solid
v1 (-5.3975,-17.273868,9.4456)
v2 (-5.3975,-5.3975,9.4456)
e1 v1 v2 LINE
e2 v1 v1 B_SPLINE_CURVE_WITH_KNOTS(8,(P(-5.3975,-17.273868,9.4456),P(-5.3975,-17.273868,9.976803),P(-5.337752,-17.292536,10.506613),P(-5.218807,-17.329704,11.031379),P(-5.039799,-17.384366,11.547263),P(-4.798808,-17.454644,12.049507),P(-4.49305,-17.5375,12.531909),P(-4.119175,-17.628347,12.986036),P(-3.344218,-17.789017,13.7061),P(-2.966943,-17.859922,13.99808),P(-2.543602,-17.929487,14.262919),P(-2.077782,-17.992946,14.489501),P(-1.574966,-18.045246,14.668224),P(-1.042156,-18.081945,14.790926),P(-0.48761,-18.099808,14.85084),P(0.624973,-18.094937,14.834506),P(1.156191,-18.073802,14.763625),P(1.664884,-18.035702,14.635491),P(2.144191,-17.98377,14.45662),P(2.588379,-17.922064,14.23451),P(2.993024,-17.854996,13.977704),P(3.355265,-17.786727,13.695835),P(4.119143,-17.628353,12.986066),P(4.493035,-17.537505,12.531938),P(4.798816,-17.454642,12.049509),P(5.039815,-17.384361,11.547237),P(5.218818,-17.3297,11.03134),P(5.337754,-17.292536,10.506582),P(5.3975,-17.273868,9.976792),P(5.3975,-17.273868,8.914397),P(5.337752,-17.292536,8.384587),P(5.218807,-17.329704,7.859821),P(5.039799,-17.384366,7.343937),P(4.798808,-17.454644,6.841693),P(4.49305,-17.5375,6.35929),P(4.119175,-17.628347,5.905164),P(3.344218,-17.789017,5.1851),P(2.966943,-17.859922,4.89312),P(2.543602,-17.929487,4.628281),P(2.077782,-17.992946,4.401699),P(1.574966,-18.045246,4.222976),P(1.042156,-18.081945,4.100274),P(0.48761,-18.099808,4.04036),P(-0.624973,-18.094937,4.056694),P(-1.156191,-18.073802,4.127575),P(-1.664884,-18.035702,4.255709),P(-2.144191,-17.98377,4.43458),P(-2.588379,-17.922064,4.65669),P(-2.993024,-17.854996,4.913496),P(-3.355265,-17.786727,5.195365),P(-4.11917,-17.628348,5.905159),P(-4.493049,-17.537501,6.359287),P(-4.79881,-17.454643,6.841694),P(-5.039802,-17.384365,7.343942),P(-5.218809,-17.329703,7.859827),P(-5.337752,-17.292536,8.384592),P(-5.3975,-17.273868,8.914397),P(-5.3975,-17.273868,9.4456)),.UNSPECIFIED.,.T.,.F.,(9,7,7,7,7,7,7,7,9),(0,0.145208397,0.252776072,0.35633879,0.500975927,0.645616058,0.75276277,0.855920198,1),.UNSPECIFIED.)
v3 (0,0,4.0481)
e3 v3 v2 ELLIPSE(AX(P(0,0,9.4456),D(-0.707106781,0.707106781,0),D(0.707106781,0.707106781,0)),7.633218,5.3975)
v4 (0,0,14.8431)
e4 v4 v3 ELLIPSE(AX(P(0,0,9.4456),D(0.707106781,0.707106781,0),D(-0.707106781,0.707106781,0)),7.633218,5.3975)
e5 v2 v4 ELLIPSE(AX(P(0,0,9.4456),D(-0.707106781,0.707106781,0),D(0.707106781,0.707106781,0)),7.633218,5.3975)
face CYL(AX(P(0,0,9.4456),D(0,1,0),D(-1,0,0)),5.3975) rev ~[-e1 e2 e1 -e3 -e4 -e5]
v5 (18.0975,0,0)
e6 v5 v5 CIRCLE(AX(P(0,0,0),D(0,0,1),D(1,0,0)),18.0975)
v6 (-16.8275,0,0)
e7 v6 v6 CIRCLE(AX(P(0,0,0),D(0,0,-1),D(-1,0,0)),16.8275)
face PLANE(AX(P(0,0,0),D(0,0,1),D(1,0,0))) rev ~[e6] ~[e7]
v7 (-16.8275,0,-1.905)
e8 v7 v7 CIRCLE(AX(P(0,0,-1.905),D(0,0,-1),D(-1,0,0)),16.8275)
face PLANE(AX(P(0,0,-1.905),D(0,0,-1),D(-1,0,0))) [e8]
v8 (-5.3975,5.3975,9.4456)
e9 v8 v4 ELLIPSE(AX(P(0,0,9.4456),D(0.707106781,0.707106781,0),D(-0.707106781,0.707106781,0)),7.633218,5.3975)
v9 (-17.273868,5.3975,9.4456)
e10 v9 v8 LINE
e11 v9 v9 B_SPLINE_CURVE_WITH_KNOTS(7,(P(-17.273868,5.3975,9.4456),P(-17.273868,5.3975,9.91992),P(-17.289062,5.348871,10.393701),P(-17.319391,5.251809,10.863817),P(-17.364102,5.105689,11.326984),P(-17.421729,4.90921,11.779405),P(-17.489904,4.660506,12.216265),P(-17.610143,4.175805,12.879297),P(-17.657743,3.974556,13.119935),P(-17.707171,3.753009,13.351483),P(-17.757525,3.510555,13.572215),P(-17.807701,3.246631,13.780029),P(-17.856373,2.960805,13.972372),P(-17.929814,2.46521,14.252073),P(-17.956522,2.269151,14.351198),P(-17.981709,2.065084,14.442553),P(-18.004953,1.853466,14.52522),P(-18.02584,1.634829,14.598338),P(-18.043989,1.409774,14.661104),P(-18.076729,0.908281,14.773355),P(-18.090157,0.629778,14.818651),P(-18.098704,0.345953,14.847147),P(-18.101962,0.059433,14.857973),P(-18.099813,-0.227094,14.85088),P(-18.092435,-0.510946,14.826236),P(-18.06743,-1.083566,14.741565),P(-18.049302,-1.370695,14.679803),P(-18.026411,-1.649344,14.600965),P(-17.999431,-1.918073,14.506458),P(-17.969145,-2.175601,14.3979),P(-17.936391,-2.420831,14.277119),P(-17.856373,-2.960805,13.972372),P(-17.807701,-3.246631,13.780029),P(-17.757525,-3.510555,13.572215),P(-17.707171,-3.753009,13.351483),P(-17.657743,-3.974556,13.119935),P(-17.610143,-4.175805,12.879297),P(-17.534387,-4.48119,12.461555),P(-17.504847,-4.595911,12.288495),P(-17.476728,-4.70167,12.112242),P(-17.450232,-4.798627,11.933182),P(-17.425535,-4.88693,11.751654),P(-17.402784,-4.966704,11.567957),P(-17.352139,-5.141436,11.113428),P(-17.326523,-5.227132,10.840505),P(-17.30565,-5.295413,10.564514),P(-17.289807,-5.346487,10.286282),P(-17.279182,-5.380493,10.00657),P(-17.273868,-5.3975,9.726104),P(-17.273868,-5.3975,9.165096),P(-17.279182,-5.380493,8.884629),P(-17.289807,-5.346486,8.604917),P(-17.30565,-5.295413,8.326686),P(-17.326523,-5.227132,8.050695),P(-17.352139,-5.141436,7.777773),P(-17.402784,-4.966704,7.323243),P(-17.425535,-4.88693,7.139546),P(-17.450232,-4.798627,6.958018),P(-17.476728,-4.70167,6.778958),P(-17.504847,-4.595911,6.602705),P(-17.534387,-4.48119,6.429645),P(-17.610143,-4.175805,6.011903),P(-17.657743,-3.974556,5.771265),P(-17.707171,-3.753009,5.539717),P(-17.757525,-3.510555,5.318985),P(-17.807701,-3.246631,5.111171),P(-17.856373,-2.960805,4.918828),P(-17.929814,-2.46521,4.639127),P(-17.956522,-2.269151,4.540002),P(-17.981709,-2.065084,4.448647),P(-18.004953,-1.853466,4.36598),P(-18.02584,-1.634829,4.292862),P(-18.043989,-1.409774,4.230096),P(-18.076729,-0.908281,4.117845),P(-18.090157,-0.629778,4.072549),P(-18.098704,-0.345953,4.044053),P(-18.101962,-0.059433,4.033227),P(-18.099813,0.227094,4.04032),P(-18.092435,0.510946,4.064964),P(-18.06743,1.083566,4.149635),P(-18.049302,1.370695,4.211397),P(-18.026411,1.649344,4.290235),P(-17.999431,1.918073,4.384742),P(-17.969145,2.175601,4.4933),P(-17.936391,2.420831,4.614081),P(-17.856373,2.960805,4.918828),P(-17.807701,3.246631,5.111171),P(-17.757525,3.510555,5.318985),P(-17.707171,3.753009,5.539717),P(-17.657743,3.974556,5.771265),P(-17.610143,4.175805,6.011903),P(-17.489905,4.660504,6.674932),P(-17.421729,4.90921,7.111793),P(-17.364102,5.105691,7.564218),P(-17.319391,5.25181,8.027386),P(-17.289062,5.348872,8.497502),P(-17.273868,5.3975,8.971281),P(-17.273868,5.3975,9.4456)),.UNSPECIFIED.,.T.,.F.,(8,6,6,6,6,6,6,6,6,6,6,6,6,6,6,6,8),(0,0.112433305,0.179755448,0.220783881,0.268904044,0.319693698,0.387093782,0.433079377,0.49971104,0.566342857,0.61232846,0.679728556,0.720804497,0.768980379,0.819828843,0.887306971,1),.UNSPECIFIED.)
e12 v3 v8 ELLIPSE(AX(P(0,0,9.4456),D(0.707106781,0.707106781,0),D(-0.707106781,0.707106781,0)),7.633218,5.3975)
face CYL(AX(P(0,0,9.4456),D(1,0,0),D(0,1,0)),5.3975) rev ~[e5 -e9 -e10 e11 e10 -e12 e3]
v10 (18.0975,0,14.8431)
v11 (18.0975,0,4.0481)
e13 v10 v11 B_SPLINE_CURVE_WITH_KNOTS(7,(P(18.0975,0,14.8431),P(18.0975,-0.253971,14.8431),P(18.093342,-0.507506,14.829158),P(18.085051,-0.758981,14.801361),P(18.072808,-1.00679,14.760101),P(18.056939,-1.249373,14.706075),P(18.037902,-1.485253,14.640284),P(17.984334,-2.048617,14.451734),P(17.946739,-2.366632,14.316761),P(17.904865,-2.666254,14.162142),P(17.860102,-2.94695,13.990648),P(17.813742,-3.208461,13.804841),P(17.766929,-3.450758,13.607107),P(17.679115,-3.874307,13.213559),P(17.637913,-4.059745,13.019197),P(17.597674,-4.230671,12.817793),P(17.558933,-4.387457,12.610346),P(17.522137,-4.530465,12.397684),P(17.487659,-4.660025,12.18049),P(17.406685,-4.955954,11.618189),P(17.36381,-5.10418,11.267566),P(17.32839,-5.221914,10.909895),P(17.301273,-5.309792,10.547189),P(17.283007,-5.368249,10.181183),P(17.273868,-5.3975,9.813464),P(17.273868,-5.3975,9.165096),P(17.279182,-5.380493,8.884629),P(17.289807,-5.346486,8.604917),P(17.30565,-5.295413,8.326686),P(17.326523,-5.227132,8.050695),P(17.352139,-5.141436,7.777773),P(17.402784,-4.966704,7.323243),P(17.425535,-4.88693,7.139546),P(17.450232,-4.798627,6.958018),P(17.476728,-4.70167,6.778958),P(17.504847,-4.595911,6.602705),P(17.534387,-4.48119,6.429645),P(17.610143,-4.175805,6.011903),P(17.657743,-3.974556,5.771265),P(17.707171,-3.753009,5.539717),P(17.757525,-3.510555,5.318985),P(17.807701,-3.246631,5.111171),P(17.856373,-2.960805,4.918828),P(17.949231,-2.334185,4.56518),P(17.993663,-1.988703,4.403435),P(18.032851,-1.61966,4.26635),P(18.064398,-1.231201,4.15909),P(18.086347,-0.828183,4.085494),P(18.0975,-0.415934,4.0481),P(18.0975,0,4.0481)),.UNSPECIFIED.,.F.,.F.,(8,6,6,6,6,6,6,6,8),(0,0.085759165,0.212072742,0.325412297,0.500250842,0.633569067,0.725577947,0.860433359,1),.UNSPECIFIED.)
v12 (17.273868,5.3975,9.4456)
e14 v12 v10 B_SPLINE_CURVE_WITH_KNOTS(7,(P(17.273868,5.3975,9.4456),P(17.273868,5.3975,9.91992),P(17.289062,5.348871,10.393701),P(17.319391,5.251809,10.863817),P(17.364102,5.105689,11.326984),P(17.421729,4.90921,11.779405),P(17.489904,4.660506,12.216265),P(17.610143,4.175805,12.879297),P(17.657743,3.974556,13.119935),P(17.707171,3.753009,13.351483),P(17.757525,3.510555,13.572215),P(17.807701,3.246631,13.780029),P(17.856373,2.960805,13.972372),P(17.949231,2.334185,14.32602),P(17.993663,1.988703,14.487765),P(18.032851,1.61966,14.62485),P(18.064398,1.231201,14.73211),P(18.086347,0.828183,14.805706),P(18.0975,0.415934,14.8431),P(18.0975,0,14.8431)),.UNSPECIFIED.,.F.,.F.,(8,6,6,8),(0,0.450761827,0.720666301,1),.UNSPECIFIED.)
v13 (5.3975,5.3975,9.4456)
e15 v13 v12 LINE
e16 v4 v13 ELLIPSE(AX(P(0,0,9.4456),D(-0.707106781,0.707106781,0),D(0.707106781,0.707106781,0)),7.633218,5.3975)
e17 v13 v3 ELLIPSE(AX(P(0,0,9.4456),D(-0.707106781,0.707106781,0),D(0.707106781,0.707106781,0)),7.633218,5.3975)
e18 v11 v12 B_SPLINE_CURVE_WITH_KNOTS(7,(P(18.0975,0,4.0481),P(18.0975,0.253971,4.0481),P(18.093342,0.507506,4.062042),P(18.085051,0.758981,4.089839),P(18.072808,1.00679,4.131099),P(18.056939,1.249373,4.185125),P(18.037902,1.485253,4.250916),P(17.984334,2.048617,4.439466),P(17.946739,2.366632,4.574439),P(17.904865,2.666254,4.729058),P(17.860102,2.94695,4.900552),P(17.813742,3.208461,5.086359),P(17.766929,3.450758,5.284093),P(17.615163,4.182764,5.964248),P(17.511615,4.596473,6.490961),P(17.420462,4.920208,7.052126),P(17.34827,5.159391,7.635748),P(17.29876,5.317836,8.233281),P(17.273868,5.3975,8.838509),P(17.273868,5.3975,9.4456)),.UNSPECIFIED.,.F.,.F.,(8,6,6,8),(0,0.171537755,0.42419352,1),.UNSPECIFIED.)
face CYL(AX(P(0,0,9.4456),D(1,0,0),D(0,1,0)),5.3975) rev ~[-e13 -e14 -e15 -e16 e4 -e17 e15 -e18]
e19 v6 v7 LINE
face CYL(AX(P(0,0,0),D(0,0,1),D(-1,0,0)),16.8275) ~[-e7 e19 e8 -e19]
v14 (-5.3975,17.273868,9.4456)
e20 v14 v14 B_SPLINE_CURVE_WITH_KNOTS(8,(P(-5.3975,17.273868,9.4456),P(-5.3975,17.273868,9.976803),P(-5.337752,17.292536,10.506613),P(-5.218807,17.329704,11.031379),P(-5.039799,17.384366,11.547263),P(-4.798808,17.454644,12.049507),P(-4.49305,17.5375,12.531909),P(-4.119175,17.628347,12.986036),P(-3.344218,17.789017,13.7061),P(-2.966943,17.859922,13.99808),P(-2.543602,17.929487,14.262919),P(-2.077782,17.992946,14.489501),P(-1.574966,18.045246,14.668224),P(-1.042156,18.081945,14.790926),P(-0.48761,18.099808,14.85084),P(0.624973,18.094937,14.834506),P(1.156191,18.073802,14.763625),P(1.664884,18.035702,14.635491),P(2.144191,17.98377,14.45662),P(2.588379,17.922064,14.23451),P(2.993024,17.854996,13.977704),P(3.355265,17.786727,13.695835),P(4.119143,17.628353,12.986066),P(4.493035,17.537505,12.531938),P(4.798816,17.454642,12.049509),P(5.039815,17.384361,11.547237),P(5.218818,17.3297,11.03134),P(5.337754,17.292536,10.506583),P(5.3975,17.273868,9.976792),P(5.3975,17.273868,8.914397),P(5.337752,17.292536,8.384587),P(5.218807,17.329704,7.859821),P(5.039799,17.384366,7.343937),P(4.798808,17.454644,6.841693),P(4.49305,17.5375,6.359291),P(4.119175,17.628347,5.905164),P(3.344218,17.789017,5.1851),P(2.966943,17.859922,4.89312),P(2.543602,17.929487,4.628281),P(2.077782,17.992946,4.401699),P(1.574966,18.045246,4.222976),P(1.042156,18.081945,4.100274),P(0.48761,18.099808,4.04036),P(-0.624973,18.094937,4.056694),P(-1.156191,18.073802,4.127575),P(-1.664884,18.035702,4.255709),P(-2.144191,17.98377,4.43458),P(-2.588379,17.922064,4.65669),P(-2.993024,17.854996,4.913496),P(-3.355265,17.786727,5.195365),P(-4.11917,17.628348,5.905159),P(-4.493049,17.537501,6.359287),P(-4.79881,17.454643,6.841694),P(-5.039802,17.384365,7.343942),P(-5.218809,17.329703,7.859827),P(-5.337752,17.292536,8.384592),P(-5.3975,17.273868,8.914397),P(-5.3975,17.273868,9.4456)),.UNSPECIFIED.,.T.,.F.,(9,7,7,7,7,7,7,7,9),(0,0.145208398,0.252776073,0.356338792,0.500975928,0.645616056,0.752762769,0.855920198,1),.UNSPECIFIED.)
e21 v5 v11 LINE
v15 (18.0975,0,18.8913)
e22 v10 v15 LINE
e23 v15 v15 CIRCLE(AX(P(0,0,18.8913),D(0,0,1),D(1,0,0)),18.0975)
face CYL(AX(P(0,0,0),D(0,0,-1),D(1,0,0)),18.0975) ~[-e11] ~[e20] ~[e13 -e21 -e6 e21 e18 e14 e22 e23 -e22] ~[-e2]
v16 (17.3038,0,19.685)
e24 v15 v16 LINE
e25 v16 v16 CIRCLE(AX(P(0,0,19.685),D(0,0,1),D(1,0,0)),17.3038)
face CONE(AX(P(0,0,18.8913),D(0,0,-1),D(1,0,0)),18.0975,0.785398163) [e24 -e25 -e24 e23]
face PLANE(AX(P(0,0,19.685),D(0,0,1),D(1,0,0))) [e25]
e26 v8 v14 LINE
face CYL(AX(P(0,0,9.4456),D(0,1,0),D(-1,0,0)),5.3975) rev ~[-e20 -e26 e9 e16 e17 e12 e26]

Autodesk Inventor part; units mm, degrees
sketch "Sketch1" plane through (0, 0, 0) normal (0, 0, 1) x (1, 0, 0)
  circle A0 centre (0, 0) radius 18.0975
  dimension "d0" = 36.195
extrude "Extrusion1" add sketch "Sketch1" along normal blind 19.685
chamfer "Chamfer1" distance 0.7937 angle 45 1 edges at (-18.0975, 0, 19.685)
sketch "Sketch2" plane through (0, 0, 0) normal (0, 0, -1) x (-1, 0, 0)
  circle A0 centre (0, 0) radius 18.0975 projected
  circle A1 centre (0, 0) radius 16.8275
  dimension "d6" = 33.655
extrude "Extrusion2" add sketch "Sketch2" along normal blind 1.905 contours A1
ref_plane "Work Plane1" through (0, 0, 0) normal (0, 1, 0) x (-1, 0, 0)
sketch "Sketch3" plane through (0, 0, 0) normal (0, 1, 0) x (-1, 0, 0)
  line L0 (-18.0975, 0) -> (18.0975, 0) projected
  line L1 (18.0975, 18.8913) -> (-18.0975, 18.8913) projected
  line L2 (18.0975, 0) -> (18.0975, 18.8913) projected
  line L3 (-18.0975, 0) -> (-18.0975, 18.8913) projected
  circle A0 centre (0, 9.4456) radius 5.3975
  point P0 (0, 0)
  dimension "d10" = 10.795
extrude "Extrusion3" cut sketch "Sketch3" against normal mid plane 76.2 contours A0
ref_plane "Work Plane2" through (0, 0, 0) normal (0, 1, 0) x (-1, 0, 0)
sketch "Sketch4" plane through (0, 0, 0) normal (0, 1, 0) x (-1, 0, 0)
  point P0 (0, 0)
ref_plane "Work Plane3" through (0, 0, 0) normal (1, 0, 0) x (0, 1, 0)
sketch "Sketch5" plane through (0, 0, 0) normal (1, 0, 0) x (0, 1, 0)
  line L0 (18.0975, 0) -> (18.0975, 18.8913) projected
  line L1 (-18.0975, 0) -> (-18.0975, 18.8913) projected
  line L2 (-18.0975, 0) -> (18.0975, 0) projected
  line L3 (-17.3038, 19.685) -> (17.3038, 19.685) projected
  circle A0 centre (0, 9.4456) radius 5.3975
  point P0 (0, 0)
  dimension "d15" = 10.795
extrude "Extrusion4" cut sketch "Sketch5" against normal mid plane 76.2
thread "Thread1" size "7/16-14 UNC" class "2B" standard "ANSI Unified Screw Threads" full length
thread "Thread2" size "7/16-14 UNC" class "2B" standard "ANSI Unified Screw Threads" full length
thread "Thread3" size "7/16-14 UNC" class "2B" standard "ANSI Unified Screw Threads" full length
thread "Thread4" size "7/16-14 UNC" class "2B" standard "ANSI Unified Screw Threads" full length
properties part number "Regulator Base 1764"
